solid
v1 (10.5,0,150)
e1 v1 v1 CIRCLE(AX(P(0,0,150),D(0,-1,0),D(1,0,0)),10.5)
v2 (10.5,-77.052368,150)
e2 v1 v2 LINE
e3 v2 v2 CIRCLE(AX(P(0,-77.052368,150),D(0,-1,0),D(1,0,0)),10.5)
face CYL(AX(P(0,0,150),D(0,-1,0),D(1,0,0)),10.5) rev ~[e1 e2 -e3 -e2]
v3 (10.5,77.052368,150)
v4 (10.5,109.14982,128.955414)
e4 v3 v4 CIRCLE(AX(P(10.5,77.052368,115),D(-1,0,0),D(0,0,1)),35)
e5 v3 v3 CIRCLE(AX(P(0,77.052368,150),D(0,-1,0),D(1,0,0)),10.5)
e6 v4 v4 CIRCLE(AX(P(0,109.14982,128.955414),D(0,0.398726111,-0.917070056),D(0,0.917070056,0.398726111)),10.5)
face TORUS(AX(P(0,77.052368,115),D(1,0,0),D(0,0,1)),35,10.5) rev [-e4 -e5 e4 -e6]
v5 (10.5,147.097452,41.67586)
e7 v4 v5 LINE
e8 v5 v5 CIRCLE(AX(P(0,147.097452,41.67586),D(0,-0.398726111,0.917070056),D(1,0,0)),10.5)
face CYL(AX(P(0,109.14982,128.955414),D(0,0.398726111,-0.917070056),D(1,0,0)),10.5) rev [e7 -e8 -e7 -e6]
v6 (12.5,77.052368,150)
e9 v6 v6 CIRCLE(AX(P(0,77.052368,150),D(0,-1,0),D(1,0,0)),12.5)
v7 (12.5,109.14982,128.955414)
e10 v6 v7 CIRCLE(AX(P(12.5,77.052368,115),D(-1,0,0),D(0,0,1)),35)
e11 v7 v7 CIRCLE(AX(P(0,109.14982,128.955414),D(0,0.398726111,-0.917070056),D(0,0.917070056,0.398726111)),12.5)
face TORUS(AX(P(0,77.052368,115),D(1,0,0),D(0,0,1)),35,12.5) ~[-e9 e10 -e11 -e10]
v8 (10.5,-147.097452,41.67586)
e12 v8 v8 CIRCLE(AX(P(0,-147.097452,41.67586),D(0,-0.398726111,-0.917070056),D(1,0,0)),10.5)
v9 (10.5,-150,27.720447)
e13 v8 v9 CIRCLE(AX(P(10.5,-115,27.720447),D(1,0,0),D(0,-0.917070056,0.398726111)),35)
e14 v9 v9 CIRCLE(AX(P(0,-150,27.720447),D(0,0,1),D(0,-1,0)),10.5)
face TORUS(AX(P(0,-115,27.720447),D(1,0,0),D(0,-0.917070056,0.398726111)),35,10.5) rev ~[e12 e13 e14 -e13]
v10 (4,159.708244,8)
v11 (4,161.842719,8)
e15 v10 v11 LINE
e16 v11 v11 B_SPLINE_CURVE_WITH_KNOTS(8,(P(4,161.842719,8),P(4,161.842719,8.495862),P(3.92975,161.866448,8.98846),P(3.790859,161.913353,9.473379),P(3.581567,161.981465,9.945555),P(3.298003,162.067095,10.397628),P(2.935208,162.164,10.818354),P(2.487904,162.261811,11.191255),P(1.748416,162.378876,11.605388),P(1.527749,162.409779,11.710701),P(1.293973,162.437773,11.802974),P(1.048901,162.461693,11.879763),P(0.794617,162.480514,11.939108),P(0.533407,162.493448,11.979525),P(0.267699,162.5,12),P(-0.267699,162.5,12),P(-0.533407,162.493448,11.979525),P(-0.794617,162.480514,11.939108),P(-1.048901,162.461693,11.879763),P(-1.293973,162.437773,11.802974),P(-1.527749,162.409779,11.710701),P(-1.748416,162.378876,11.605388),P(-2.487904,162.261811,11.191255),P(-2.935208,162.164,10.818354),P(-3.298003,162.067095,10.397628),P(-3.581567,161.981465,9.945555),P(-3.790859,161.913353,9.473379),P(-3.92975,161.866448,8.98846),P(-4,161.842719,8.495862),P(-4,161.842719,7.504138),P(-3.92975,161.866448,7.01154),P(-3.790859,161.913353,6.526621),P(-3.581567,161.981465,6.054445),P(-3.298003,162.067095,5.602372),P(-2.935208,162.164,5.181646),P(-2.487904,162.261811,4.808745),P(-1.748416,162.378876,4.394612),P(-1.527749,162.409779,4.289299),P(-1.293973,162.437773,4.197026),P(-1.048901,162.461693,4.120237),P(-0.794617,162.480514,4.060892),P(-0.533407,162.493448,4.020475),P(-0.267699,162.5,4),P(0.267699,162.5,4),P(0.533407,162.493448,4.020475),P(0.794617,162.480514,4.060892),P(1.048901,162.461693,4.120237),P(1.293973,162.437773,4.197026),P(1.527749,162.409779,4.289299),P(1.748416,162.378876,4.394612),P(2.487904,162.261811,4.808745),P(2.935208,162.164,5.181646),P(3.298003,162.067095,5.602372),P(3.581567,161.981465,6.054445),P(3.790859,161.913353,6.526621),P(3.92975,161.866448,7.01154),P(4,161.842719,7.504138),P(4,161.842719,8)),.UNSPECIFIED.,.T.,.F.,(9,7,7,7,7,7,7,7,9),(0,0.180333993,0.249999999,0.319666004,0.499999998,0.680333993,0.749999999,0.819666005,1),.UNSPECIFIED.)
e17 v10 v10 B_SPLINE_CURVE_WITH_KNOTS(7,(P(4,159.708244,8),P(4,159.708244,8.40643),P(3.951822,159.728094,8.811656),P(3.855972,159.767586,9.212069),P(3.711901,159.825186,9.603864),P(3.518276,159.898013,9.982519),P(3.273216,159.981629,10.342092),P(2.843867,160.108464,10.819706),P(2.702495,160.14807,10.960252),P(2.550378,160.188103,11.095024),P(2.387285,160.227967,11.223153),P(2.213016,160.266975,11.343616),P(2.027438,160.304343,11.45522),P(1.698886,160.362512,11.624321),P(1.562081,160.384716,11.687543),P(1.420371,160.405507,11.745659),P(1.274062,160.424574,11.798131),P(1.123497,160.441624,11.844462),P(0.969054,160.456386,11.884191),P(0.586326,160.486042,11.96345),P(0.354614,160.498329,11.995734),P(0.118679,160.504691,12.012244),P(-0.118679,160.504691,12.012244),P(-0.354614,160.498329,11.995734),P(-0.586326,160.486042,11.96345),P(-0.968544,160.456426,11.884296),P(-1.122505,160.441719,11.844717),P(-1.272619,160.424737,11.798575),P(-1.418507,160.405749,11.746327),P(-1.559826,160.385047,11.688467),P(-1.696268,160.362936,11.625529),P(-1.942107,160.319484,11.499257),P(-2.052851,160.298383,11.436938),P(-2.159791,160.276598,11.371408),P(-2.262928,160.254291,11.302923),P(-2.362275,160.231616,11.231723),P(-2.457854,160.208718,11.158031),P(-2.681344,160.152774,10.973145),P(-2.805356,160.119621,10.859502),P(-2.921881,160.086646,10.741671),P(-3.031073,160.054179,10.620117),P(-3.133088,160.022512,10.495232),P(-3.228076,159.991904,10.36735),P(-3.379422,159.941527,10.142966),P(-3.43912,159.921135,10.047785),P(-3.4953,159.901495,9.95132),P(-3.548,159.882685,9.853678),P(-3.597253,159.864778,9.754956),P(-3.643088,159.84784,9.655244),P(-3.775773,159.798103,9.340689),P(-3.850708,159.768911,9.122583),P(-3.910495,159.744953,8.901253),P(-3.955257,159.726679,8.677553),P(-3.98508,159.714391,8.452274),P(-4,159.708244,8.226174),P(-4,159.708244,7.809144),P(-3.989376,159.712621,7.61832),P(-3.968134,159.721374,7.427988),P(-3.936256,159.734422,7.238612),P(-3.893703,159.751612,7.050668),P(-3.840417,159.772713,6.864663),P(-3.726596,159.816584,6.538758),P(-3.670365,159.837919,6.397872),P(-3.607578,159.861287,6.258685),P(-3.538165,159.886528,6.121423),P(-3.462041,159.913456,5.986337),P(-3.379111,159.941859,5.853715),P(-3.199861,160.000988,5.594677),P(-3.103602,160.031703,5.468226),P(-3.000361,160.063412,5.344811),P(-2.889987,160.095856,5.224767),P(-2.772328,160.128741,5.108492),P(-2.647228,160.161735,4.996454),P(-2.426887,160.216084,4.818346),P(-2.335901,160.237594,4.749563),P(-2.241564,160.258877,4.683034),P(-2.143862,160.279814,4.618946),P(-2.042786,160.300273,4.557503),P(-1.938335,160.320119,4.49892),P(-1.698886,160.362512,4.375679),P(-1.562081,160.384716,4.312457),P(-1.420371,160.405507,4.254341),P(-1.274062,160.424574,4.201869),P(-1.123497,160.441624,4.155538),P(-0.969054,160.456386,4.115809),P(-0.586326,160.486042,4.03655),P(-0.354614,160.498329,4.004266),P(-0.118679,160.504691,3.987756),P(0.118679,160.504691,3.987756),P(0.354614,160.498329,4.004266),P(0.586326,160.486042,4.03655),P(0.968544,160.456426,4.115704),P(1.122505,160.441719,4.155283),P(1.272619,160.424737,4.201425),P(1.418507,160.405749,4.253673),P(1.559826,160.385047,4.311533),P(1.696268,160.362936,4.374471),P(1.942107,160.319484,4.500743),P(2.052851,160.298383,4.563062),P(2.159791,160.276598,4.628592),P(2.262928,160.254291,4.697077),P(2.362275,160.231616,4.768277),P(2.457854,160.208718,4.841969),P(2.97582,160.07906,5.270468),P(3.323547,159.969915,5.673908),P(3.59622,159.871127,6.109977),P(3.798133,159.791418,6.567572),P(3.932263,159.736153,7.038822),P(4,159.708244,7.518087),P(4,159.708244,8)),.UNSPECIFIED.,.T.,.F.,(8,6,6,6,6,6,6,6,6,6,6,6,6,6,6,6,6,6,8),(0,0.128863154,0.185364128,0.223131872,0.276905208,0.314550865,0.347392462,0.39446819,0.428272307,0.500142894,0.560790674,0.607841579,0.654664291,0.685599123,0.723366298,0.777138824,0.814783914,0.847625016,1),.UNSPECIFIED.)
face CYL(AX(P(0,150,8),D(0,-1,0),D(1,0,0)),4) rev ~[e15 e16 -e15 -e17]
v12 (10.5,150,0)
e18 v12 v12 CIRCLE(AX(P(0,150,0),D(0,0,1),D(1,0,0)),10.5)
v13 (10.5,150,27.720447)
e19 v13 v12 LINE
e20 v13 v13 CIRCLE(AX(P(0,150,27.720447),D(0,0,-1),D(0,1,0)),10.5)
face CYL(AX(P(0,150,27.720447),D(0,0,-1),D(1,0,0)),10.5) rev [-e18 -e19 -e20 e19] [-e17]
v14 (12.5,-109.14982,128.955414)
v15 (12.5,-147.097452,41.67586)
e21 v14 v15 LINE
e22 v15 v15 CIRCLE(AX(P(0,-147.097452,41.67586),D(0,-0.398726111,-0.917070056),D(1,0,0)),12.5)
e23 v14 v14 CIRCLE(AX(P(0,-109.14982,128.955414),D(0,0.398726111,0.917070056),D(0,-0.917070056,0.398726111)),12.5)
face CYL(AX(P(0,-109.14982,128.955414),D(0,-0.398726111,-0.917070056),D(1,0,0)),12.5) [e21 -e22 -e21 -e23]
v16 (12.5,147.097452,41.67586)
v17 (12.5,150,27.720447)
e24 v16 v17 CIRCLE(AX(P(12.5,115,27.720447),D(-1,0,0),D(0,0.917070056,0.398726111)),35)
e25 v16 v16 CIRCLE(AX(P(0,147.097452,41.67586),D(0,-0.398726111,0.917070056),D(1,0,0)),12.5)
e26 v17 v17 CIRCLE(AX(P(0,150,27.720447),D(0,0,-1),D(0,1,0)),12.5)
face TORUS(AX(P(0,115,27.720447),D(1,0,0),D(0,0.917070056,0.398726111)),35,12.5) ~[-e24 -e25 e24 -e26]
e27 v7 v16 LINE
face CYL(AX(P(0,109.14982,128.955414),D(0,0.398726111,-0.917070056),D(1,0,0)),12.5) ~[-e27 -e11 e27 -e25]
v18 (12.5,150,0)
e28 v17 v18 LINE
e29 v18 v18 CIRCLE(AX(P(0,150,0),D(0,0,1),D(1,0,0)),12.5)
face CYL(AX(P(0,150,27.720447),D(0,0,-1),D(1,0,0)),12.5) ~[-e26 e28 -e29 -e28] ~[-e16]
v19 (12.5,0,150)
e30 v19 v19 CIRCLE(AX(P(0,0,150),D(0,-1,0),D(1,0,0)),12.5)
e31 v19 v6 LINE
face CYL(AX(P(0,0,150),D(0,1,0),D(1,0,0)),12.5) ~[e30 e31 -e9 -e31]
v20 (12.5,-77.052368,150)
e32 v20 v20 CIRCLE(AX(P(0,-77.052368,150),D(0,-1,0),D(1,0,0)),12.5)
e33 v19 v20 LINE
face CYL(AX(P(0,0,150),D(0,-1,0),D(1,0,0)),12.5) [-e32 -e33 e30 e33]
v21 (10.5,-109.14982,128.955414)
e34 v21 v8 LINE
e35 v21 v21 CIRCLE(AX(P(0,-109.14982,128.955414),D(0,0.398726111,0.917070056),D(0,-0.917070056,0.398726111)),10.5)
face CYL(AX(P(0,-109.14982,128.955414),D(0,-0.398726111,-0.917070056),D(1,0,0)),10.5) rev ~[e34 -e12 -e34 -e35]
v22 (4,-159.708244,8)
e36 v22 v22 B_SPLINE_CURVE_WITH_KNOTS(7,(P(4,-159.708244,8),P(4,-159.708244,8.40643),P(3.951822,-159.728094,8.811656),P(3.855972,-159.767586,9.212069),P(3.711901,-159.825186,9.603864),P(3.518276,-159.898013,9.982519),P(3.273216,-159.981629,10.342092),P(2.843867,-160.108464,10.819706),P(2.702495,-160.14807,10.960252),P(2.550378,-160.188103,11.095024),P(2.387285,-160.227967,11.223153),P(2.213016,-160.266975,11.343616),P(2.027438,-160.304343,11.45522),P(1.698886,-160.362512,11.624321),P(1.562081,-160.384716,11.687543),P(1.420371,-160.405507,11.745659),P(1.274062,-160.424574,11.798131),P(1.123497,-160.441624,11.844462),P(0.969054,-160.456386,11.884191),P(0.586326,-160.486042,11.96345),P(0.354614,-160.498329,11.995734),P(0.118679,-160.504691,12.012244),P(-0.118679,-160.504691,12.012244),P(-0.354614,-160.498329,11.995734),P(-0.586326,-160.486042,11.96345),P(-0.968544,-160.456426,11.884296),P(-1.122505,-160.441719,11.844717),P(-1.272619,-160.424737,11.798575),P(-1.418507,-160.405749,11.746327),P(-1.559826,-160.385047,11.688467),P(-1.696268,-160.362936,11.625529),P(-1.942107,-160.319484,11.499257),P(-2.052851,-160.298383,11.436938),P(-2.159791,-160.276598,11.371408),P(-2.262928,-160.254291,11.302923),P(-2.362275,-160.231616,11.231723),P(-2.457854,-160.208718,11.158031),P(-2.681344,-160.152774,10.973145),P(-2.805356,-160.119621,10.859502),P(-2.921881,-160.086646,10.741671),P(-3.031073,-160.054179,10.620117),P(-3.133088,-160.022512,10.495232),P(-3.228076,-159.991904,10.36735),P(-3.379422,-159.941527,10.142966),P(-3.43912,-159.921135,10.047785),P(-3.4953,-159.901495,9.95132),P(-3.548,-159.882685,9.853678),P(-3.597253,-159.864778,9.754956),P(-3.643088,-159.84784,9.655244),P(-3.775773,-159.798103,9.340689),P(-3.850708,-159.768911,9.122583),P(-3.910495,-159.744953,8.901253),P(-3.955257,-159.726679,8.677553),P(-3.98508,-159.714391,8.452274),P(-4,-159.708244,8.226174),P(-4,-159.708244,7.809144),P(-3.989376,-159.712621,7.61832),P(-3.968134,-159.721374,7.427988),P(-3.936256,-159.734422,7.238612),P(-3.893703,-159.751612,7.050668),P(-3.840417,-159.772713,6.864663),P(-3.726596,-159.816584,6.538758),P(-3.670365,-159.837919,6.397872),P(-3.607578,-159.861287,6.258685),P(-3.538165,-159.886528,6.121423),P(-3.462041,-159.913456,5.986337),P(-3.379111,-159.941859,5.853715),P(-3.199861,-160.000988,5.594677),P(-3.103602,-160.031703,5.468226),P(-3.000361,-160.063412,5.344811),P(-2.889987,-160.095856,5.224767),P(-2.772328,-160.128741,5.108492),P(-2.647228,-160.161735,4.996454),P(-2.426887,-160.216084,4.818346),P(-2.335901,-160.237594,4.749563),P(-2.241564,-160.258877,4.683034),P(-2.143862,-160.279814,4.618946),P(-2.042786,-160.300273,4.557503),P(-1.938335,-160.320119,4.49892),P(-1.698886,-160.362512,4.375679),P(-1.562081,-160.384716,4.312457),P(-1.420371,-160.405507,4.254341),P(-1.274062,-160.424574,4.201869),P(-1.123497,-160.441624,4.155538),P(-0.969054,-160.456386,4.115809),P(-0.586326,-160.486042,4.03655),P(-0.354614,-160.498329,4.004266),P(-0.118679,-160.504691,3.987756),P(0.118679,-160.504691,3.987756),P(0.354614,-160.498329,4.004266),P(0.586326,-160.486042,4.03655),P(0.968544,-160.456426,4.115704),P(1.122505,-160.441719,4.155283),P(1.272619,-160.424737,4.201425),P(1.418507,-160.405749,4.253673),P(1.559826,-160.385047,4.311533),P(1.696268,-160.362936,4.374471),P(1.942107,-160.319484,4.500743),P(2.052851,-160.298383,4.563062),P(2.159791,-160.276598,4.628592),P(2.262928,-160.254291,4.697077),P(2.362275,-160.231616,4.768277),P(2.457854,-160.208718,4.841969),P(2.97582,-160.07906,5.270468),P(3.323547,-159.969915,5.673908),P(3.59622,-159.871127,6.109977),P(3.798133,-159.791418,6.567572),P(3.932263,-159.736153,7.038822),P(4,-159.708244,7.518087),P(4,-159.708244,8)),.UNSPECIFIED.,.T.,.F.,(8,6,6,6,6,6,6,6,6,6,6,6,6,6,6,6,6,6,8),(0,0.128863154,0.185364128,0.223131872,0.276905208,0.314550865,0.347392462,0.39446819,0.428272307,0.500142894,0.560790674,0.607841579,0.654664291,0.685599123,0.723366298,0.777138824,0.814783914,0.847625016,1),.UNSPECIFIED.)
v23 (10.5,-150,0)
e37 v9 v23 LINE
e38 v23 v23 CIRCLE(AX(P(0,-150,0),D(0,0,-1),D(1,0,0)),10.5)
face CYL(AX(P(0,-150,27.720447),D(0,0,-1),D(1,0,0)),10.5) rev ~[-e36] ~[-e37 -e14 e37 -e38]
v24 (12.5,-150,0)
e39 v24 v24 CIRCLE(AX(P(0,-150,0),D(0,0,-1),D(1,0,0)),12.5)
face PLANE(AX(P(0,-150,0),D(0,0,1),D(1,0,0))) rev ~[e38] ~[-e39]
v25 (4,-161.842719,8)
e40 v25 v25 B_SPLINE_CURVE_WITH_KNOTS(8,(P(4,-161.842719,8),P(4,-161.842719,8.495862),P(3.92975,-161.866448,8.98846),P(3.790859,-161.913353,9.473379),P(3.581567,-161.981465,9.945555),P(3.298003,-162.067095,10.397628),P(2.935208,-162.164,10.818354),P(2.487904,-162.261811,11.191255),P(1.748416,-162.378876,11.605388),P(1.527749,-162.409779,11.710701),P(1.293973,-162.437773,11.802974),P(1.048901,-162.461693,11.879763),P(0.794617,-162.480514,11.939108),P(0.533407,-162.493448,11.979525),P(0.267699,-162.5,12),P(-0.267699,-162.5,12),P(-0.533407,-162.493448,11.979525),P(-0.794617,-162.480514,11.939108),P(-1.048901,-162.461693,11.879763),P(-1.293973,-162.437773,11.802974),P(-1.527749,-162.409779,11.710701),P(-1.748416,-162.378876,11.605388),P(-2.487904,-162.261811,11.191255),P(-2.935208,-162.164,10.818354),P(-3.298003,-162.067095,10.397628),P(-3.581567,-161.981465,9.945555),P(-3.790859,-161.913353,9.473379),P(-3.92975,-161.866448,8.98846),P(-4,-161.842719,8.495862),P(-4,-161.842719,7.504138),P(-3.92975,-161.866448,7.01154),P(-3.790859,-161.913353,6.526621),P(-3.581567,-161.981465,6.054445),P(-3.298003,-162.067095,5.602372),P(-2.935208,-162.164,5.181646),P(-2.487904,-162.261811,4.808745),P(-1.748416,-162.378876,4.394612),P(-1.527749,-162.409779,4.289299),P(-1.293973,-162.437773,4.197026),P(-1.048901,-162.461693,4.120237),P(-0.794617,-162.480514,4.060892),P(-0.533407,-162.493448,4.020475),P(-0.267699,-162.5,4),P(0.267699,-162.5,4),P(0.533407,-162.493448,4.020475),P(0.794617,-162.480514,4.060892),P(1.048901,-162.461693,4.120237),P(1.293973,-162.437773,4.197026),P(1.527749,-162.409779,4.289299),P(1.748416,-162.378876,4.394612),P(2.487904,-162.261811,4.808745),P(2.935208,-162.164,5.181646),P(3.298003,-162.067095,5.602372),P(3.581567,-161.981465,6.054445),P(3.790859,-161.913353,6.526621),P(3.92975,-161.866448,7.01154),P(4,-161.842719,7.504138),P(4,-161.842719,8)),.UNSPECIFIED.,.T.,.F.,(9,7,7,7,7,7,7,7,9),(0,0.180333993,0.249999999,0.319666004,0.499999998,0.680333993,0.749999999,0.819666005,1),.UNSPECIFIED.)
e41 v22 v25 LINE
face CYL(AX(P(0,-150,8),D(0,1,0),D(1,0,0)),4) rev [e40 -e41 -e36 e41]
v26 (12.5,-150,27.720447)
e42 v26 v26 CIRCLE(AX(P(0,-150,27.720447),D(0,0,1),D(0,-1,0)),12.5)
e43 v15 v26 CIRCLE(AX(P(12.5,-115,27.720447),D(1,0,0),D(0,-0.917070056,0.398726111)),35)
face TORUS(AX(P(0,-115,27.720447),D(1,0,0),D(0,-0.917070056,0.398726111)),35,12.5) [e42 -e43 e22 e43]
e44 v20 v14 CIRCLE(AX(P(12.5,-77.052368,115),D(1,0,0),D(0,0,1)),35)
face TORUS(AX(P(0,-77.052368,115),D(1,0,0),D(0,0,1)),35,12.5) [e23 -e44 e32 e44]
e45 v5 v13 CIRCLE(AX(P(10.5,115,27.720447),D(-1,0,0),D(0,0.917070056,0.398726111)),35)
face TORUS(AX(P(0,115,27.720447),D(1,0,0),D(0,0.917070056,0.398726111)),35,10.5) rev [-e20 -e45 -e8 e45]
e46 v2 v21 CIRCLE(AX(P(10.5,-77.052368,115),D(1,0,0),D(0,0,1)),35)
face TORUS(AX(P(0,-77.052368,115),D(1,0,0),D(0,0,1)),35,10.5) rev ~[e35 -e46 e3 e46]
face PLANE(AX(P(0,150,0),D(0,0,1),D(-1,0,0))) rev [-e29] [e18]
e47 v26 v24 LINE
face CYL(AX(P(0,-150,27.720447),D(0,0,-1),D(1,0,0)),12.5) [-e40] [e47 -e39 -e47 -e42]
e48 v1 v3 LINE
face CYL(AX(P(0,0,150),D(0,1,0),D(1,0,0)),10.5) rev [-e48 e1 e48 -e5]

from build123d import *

# Parameters (mm, degrees)
F1_R     = 12.5
F1_R_2   = 10.5
F4_R     = 4
F5_DEPTH = 12.5010001


with BuildPart() as f2:
    # F2: sweep along a path in F0
    with BuildLine(Plane.YZ) as f2_path:
        Line((0, 150), (-77.0523680748, 150))
        ThreePointArc((-77.0523680748, 150), (-96.2429974746, 144.269775251), (-109.1498200437, 128.9554138995))
        Line((-109.1498200437, 128.9554138995), (-147.0974519689, 41.6758604716))
        ThreePointArc((-147.0974519689, 41.6758604716), (-149.2666807476, 34.8474789521), (-150, 27.7204465721))
        Line((-150, 27.7204465721), (-150, 0))
    # F1 (on Top) → F2 (sweep)
    with BuildSketch(Plane.XY):
        with Locations((0, -150)):
            Circle(F1_R)
        with Locations((0, -150)):
            Circle(F1_R_2, mode=Mode.SUBTRACT)
    sweep(path=f2_path.line)

    # F4 (on plane+point) → F5 (cut, through all)
    with BuildSketch(Plane.XZ.offset(150)):
        with Locations((0, 8)):
            Circle(F4_R)
    extrude(amount=F5_DEPTH, mode=Mode.SUBTRACT)

    # F6: F2 across plane


with BuildPart() as f2_1:
    add(f2.part)
    add(f2.part.mirror(Plane.XZ))


solid = f2_1.part
